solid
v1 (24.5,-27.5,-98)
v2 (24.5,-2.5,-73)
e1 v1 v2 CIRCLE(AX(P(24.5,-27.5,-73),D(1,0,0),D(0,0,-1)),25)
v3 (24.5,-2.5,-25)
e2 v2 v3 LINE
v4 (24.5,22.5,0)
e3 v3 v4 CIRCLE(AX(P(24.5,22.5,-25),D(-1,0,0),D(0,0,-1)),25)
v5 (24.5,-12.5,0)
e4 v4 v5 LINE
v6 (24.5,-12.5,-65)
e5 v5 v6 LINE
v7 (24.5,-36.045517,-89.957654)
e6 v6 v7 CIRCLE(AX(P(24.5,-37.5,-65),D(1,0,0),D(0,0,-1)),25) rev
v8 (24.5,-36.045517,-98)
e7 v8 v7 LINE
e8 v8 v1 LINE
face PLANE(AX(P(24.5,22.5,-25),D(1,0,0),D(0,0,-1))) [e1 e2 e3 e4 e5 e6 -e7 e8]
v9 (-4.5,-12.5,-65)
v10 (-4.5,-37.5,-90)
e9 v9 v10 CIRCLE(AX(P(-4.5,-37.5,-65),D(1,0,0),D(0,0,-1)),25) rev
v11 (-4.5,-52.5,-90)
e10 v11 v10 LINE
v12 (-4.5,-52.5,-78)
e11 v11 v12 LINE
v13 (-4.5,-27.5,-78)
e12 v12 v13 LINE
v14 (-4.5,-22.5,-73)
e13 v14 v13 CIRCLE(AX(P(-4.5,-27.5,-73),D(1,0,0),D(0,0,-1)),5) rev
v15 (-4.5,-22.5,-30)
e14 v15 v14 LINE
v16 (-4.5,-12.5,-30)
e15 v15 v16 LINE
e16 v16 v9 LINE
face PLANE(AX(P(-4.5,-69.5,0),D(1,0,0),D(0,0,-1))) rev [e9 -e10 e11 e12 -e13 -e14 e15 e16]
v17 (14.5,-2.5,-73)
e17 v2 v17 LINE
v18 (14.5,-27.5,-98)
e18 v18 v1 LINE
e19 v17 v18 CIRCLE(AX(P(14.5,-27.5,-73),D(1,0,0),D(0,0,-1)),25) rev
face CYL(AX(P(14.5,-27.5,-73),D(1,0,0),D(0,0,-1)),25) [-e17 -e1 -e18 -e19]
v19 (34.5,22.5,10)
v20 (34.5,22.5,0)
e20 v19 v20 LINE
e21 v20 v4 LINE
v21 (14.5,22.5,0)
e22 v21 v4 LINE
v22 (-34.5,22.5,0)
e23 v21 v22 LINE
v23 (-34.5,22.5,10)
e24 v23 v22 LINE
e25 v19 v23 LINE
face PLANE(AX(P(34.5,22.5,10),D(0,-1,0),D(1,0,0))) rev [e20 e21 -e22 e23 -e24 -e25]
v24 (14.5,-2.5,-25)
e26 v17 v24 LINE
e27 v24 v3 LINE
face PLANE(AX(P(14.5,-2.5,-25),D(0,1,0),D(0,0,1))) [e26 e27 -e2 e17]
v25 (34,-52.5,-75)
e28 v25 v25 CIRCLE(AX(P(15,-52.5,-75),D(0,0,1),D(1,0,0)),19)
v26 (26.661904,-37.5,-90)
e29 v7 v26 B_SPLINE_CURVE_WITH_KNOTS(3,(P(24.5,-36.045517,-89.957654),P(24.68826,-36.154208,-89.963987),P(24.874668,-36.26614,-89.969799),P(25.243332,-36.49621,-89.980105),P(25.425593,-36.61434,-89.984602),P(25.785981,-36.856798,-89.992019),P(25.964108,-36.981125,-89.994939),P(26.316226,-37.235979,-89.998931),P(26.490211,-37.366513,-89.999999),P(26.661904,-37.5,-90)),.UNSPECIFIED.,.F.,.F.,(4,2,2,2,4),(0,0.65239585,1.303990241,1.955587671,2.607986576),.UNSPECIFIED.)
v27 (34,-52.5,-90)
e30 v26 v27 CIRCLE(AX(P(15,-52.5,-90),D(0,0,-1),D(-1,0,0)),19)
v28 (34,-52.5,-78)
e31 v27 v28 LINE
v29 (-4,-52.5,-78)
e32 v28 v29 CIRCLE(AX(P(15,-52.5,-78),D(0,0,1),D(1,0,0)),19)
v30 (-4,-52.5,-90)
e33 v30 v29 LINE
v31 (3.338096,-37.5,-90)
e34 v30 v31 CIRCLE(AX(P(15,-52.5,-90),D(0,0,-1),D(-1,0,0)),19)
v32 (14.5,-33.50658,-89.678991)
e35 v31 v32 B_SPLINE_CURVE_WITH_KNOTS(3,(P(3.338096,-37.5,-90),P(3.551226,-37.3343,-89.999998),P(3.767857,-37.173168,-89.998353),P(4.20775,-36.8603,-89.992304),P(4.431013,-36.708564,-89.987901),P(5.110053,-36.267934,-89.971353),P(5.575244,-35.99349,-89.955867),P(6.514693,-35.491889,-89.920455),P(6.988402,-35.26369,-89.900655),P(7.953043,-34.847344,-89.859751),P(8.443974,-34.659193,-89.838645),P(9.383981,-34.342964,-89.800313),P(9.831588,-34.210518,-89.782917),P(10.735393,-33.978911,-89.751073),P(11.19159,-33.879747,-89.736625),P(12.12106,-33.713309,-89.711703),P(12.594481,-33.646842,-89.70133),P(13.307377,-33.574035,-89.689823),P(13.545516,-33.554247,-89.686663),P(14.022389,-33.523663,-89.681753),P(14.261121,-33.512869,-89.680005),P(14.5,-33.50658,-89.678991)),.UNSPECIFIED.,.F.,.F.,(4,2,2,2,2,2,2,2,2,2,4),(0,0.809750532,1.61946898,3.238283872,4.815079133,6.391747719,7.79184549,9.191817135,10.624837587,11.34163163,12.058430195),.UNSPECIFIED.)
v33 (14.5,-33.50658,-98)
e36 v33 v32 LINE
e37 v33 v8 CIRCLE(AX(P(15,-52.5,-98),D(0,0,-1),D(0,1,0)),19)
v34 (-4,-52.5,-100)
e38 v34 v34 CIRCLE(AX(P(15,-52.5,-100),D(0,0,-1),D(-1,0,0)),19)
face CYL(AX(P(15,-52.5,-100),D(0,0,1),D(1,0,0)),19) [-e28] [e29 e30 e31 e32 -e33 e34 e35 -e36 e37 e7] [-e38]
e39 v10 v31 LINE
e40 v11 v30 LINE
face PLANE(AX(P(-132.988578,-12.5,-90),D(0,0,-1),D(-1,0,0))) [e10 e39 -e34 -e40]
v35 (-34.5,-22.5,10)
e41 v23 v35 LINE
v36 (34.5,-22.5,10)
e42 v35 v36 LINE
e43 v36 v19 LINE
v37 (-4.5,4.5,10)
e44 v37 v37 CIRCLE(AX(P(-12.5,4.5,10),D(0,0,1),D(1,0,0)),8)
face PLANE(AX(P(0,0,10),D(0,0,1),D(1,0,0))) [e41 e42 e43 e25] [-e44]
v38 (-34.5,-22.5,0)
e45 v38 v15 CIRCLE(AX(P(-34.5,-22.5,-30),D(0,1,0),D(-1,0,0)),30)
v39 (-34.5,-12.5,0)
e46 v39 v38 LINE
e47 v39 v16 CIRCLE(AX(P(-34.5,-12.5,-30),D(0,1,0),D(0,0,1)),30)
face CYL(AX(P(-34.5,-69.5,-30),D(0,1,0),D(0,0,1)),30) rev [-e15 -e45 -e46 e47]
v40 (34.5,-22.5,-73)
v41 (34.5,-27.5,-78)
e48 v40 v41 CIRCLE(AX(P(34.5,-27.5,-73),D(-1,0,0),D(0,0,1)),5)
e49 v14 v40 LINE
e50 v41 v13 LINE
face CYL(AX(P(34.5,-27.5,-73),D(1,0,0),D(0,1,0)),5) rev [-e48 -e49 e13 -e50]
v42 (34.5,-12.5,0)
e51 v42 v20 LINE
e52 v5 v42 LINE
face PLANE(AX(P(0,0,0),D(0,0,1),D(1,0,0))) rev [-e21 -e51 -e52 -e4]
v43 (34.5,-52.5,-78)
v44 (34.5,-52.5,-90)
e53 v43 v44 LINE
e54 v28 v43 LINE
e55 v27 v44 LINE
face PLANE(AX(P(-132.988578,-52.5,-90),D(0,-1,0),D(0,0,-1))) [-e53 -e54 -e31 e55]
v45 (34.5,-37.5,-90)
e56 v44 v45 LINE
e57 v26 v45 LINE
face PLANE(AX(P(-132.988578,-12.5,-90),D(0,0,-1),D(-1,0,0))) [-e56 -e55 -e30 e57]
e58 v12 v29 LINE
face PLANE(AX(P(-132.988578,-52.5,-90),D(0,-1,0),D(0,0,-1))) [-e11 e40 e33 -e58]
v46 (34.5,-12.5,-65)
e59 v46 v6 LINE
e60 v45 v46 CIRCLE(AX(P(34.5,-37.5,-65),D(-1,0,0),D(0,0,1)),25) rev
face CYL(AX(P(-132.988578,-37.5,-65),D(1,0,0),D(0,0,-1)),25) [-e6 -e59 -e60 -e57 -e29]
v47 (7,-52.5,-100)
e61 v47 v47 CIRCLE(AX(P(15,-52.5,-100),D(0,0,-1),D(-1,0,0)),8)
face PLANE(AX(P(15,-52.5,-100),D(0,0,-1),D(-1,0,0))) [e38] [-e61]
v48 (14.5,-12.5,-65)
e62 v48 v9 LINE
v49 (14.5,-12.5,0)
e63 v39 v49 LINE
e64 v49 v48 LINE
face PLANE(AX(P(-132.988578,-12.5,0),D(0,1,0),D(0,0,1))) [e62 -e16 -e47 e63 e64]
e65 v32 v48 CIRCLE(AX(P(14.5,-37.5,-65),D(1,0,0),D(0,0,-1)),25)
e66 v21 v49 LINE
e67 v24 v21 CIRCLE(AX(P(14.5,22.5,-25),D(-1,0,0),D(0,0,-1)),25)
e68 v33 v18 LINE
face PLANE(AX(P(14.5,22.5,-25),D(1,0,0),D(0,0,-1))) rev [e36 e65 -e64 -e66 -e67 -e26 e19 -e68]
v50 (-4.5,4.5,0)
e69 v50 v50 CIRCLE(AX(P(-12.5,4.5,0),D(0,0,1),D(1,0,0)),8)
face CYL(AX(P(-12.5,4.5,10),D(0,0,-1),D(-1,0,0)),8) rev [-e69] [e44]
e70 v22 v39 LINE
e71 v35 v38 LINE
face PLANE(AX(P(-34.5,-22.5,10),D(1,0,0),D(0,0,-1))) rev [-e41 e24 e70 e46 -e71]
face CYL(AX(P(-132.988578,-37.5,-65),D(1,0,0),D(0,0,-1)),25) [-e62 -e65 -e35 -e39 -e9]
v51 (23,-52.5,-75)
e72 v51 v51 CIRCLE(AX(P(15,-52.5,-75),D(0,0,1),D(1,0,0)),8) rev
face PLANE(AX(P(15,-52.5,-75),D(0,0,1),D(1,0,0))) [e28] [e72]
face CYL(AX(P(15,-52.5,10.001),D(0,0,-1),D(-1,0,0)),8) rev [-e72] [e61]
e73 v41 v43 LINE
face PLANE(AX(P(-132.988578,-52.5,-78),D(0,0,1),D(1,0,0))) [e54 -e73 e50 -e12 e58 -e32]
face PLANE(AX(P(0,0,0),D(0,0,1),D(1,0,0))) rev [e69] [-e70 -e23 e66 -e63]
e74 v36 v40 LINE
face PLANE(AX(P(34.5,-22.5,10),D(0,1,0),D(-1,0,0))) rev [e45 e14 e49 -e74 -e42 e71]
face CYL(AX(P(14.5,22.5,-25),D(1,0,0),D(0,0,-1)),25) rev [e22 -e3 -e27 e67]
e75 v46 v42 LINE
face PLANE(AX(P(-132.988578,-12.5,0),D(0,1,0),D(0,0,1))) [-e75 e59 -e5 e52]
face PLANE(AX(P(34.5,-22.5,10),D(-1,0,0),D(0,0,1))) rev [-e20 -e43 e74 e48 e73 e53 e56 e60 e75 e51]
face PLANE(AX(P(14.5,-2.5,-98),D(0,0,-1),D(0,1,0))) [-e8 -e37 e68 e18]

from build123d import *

# Parameters (mm, degrees)
IZIM1_W                     = 69
IZIM1_H                     = 45
IZIM1_R                     = 8
Y_KSEKLIK_EKSTR_ZYON1_DEPTH = 10
Y_KSEKLIK_EKSTR_ZYON2_DEPTH = 69
RADYUS1_R                   = 5
KES_EKSTR_ZYON2_DEPTH       = 57
IZIM6_R                     = 19
Y_KSEKLIK_EKSTR_ZYON3_DEPTH = 10
Y_KSEKLIK_EKSTR_ZYON4_START = 3
IZIM7_R                     = 19
Y_KSEKLIK_EKSTR_ZYON4_DEPTH = 3
Y_KSEKLIK_EKSTR_ZYON5_DEPTH = 10
KES_EKSTR_ZYON3_REACH       = 137.656
IZIM10_R                    = 8
RADYUS3_R                   = 25
RADYUS4_R                   = 25


with BuildPart() as part:
    # Çizim1 → Yükseklik-Ekstrüzyon1 (new body)
    with BuildSketch(Plane.XY):
        Rectangle(IZIM1_W, IZIM1_H)
        with Locations((-12.5, 4.5)):
            Circle(IZIM1_R, mode=Mode.SUBTRACT)
    extrude(amount=Y_KSEKLIK_EKSTR_ZYON1_DEPTH)

    # Çizim2 → Yükseklik-Ekstrüzyon2 (add)
    with BuildSketch(Plane(origin=(34.5, 0, 0), x_dir=(0, 0, -1), z_dir=(1, 0, 0))):
        Polygon((0, -12.5), (90, -12.5), (90, -52.5), (78, -52.5), (78, -22.5), (0, -22.5), align=None)
    extrude(amount=-Y_KSEKLIK_EKSTR_ZYON2_DEPTH)

    # Radyus1
    radyus1_edges = [part.edges().sort_by_distance(p)[0] for p in [
        (0, -22.5, -78),
    ]]
    fillet(radyus1_edges, radius=RADYUS1_R)

    # Çizim4 → Kes-Ekstrüzyon2 (cut)
    with BuildSketch(Plane(origin=(0, -12.5, 0), x_dir=(1, 0, 0), z_dir=(0, 1, 0))):
        with BuildLine():
            ThreePointArc((-34.5, 0), (-13.286796564, 8.786796564), (-4.5, 30))
            Line((-4.5, 30), (-4.5, 90))
            Line((-4.5, 90), (-34.5, 90))
            Line((-34.5, 90), (-34.5, 0))
        make_face()
        with BuildLine():
            ThreePointArc((-62.385076525, 41.064470488), (-59.318683634, 13.146723088), (-34.5, 0))
            Line((-34.5, 0), (-34.5, 90))
            Line((-34.5, 90), (-58.233748988, 48.34963648))
            Line((-58.233748988, 48.34963648), (-62.385076525, 41.064470488))
        make_face()
    extrude(amount=-KES_EKSTR_ZYON2_DEPTH, mode=Mode.SUBTRACT)

    # Çizim6 → Yükseklik-Ekstrüzyon3 (add)
    with BuildSketch(Plane(origin=(0, 0, -90), x_dir=(-1, 0, 0), z_dir=(0, 0, -1))):
        with Locations((-15, -52.5)):
            Circle(IZIM6_R)
    extrude(amount=Y_KSEKLIK_EKSTR_ZYON3_DEPTH)

    # Çizim7 → Yükseklik-Ekstrüzyon4 (add)
    with BuildSketch(Plane.XY.offset(-78).offset(Y_KSEKLIK_EKSTR_ZYON4_START)):
        with Locations(Location((15, -52.5, 0), (0, 0, 180))):
            Circle(IZIM7_R)
    extrude(amount=-Y_KSEKLIK_EKSTR_ZYON4_DEPTH)

    # loft from a face of the part (loft1)
    loft([part.faces().sort_by_distance((15, -60.56385045, -90))[0], part.faces().sort_by_distance((15, -60.56385045, -78))[0]])

    # Çizim15 → Yükseklik-Ekstrüzyon5 (add)
    with BuildSketch(Plane(origin=(24.5, 0, 0), x_dir=(0, 0, -1), z_dir=(1, 0, 0))):
        with BuildLine():
            Line((0, 22.5), (0, -12.5))
            Line((0, -12.5), (90, -12.5))
            Line((90, -12.5), (90, -52.5))
            Line((90, -52.5), (98, -52.5))
            Line((98, -52.5), (98, -46.937300736))
            Line((98, -46.937300736), (98, -2.5))
            Line((98, -2.5), (25, -2.5))
            ThreePointArc((25, -2.5), (7.32233047, 4.82233047), (0, 22.5))
        make_face()
    extrude(amount=-Y_KSEKLIK_EKSTR_ZYON5_DEPTH)

    # Çizim10 → Kes-Ekstrüzyon3 (cut, up to next)
    with BuildSketch(Plane(origin=(0, 0, -100), x_dir=(-1, 0, 0), z_dir=(0, 0, -1)), mode=Mode.PRIVATE) as kes_ekstr_zyon3_sk1:
        with Locations((-15, -52.5)):
            Circle(IZIM10_R)
    kes_ekstr_zyon3_tool1 = extrude(kes_ekstr_zyon3_sk1.sketch, amount=-KES_EKSTR_ZYON3_REACH, mode=Mode.PRIVATE) & part.part
    add(kes_ekstr_zyon3_tool1.solids().sort_by_distance((15, -52.5, -100))[0], mode=Mode.SUBTRACT)

    # Radyus3
    radyus3_edges = [part.edges().sort_by_distance(p)[0] for p in [
        (19.5, -2.5, -98),
    ]]
    fillet(radyus3_edges, radius=RADYUS3_R)

    # Radyus4
    radyus4_edges = [part.edges().sort_by_distance(p)[0] for p in [
        (29.5, -12.5, -90),
        (5, -12.5, -90),
    ]]
    fillet(radyus4_edges, radius=RADYUS4_R)


solid = part.part
